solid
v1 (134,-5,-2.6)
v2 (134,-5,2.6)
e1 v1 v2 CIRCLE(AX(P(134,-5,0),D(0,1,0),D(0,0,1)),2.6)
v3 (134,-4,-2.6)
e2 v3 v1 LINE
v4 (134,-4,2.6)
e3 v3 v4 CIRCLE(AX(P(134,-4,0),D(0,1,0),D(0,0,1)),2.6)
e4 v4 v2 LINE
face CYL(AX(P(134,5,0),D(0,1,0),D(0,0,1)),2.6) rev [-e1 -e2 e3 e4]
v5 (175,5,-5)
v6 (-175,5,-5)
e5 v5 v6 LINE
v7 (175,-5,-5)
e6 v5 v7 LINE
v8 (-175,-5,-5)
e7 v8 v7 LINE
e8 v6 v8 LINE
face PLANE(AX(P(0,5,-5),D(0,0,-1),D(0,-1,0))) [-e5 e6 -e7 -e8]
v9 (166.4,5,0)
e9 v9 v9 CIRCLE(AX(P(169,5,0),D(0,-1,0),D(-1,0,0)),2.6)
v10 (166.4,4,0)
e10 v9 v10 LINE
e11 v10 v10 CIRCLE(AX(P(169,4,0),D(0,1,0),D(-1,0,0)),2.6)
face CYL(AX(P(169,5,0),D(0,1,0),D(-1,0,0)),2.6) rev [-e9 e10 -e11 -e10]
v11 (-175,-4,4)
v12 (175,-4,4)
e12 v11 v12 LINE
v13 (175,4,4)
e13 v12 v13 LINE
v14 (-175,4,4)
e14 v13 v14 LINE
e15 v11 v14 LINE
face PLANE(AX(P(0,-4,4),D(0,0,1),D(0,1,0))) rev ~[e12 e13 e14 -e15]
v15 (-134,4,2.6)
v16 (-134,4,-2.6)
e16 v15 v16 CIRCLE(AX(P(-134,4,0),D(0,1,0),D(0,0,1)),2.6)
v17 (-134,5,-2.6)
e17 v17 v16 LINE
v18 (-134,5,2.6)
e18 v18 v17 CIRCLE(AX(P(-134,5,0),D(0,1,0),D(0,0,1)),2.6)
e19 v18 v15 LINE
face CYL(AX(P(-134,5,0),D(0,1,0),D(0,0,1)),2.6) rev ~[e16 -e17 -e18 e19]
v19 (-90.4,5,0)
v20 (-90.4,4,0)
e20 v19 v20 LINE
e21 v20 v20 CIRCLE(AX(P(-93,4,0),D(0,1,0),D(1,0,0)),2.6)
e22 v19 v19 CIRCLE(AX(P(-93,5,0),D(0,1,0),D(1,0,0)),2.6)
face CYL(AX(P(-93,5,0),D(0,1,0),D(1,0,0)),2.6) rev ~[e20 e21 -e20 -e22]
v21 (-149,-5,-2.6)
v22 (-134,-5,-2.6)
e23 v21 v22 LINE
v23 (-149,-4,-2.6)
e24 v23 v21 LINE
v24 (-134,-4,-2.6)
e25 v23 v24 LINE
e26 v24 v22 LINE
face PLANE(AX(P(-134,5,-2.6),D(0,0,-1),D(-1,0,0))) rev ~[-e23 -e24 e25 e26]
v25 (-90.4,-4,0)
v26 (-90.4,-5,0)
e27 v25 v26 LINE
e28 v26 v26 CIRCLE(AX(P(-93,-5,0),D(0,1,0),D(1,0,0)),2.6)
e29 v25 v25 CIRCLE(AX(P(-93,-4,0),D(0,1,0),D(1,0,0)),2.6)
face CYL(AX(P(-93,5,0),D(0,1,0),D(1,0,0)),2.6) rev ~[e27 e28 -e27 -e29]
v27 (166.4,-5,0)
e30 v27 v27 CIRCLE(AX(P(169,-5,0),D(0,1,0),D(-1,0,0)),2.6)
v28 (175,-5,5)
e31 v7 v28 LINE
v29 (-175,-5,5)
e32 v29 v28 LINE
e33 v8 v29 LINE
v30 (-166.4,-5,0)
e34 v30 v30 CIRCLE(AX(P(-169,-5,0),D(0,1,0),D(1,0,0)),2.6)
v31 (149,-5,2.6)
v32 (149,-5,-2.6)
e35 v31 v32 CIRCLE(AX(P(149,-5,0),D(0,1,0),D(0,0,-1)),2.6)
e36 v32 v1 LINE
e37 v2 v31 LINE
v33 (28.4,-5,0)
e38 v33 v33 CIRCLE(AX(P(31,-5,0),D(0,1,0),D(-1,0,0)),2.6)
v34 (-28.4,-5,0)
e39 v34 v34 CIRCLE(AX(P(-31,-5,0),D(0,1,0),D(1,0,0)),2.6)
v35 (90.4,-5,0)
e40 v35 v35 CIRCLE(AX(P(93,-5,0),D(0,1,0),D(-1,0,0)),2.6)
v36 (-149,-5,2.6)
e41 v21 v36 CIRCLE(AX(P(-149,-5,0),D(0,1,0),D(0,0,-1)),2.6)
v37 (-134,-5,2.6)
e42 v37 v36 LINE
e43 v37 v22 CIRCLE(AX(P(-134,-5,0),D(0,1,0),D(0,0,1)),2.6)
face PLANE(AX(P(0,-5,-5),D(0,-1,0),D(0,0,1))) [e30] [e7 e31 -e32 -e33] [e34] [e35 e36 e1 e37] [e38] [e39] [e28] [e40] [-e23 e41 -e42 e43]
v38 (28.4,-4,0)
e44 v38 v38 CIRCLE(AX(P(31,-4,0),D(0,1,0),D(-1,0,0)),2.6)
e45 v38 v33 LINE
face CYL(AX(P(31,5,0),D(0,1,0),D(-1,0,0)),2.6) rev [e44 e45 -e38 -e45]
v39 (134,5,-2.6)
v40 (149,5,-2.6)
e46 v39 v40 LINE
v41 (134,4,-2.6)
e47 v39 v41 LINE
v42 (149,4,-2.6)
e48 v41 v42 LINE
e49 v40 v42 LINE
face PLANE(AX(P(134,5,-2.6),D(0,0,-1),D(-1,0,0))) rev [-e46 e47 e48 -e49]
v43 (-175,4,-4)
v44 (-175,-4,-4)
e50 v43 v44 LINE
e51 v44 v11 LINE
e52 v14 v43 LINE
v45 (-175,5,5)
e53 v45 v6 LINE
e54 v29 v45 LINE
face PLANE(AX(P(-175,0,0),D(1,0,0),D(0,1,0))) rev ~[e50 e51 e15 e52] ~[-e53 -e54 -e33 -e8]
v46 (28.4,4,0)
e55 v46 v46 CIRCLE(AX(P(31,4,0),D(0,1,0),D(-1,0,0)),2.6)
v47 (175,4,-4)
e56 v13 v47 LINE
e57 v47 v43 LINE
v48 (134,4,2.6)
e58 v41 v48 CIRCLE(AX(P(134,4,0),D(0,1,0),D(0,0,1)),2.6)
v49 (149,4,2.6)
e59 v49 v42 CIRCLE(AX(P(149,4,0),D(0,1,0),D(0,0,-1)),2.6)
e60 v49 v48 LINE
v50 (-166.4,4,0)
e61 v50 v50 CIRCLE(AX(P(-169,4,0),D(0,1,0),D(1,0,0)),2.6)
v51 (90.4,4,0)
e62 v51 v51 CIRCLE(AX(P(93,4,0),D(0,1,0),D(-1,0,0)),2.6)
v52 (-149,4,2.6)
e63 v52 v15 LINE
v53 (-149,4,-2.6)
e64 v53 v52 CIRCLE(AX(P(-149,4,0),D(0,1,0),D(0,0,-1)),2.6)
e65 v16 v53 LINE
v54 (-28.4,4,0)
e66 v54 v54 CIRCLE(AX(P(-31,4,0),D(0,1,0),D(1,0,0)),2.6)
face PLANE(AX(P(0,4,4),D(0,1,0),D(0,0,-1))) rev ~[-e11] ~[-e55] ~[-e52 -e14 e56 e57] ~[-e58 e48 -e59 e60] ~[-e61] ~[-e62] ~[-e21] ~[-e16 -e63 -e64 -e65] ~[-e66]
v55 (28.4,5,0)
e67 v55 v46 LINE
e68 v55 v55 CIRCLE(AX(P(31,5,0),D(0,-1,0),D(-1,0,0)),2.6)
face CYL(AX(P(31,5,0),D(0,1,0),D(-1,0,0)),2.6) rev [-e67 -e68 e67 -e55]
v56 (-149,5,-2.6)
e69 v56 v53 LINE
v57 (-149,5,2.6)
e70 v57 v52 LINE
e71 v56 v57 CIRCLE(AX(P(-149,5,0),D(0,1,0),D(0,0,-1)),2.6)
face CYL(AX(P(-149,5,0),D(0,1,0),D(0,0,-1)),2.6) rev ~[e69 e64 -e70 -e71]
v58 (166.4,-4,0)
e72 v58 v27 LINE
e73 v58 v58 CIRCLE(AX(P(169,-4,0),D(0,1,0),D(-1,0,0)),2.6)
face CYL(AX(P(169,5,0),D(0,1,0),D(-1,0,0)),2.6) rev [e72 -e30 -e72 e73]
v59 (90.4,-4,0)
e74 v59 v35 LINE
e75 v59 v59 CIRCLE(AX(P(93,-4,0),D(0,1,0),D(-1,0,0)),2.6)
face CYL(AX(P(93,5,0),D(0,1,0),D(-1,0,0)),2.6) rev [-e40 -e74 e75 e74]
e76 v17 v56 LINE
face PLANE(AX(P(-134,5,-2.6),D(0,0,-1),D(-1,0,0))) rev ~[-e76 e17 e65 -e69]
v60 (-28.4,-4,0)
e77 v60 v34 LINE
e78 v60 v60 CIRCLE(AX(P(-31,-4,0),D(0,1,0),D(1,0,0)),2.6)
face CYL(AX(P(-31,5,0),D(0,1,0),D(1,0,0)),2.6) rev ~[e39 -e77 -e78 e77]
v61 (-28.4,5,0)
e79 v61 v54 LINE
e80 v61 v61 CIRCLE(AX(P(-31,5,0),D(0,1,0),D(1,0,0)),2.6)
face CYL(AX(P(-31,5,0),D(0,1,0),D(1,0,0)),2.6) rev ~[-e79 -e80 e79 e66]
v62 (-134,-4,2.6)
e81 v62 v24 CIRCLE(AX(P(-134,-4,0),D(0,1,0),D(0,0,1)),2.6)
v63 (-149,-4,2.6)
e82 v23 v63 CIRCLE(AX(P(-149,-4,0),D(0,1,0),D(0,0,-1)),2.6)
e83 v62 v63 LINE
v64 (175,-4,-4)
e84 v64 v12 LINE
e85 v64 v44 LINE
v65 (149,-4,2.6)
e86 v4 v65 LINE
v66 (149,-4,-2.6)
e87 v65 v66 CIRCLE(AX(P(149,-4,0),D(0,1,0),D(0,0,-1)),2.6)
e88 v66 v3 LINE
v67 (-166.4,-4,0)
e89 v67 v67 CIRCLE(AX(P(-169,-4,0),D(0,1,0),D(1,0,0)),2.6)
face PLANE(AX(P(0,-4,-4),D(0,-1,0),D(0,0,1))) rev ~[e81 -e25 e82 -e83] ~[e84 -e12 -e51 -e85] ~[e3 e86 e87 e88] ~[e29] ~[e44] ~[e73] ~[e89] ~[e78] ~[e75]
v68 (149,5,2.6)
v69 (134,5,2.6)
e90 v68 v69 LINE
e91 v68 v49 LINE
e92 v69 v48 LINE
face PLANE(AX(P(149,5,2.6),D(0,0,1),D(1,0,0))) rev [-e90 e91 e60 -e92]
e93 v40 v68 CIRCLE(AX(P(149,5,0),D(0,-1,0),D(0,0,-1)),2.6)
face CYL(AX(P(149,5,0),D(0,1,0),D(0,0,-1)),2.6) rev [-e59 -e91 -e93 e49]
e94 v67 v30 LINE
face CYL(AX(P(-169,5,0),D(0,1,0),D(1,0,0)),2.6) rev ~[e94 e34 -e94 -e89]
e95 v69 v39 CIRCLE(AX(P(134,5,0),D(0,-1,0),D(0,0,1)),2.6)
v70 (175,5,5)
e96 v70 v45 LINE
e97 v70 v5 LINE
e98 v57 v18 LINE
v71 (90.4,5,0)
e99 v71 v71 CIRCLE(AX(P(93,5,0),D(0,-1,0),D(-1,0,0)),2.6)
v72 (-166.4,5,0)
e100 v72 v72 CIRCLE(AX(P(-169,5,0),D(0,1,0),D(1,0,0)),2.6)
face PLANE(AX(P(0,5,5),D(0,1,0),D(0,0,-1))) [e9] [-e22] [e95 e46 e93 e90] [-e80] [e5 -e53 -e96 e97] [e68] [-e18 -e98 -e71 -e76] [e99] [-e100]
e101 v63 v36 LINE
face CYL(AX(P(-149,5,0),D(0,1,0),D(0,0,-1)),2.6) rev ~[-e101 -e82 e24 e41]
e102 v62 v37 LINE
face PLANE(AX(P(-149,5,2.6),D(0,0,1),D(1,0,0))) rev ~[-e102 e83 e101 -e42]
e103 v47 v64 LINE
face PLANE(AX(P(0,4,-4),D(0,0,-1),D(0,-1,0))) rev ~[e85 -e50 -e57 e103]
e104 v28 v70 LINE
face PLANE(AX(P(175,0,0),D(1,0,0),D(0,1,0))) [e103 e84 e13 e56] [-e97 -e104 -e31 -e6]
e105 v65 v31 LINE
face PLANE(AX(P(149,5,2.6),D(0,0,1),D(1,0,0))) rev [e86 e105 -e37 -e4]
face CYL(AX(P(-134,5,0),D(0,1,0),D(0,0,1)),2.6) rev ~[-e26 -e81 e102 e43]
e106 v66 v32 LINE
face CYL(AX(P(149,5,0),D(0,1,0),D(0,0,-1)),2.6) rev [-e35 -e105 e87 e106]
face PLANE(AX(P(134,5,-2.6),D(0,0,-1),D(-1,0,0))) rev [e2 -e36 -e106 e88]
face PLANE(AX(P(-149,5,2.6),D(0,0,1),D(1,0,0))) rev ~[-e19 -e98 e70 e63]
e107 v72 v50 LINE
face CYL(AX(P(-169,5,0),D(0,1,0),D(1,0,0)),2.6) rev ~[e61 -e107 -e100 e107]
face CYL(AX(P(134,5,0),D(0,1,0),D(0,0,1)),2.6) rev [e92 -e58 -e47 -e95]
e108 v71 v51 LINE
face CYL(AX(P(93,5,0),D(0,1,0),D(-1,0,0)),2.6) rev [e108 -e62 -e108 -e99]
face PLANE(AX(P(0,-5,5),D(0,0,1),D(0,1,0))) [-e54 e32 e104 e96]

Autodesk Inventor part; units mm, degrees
ref_plane "XZ Plane" through (0, 0, 0) normal (0, 1, 0) x (-1, 0, 0)
ref_plane "XY Plane" through (0, 0, 0) normal (0, 0, 1) x (1, 0, 0)
sketch "Sketch1" plane through (0, 0, 0) normal (1, 0, 0) x (0, 1, 0)
  line L0 (-5, 5) -> (5, 5)
  line L1 (5, 5) -> (5, -5)
  line L2 (5, -5) -> (-5, -5)
  line L3 (-5, -5) -> (-5, 5)
  line L4 (-5, 5) -> (5, -5) construction
  line L5 (5, 5) -> (-5, -5) construction
  line L6 (-4, 4) -> (4, 4)
  line L7 (4, 4) -> (4, -4)
  line L8 (4, -4) -> (-4, -4)
  line L9 (-4, -4) -> (-4, 4)
  line L10 (-4, 4) -> (4, -4) construction
  line L11 (4, 4) -> (-4, -4) construction
  point P0 (0, 0)
  dimension "d0" = 10
  dimension "d1" = 10
  dimension "d2" = 8
  dimension "d3" = 8
extrude "Extrusion1" add sketch "Sketch1" along normal mid plane 350
sketch "Sketch2" plane through (-175, 5, 5) normal (0, 1, 0) x (1, 0, 0)
  circle A0 centre (6, 5) radius 2.6
  line L0 (26, 5) -> (41, 5) construction
  line L1 (26, 2.4) -> (41, 2.4)
  line L2 (41, 7.6) -> (26, 7.6)
  arc A1 (26, 7.6) -> (26, 2.4) centre (26, 5) ccw
  arc A2 (41, 2.4) -> (41, 7.6) centre (41, 5) ccw
  line L3 (0, 0) -> (0, 10) projected
  circle A3 centre (82, 5) radius 2.6
  circle A4 centre (144, 5) radius 2.6
  point P0 (175, 5)
  point P1 (33.5, 5)
  dimension "d6" = 5.2
  dimension "d7" = 6
  dimension "d8" = 20
  dimension "d9" = 15
  dimension "d13" = 62
  dimension "d14" = 31
extrude "Extrusion2" cut sketch "Sketch2" against normal blind 100
mirror "Mirror1" about plane through (0, 0, 0) normal (1, 0, 0) of "Extrusion2"
properties part number "holder_bar"
